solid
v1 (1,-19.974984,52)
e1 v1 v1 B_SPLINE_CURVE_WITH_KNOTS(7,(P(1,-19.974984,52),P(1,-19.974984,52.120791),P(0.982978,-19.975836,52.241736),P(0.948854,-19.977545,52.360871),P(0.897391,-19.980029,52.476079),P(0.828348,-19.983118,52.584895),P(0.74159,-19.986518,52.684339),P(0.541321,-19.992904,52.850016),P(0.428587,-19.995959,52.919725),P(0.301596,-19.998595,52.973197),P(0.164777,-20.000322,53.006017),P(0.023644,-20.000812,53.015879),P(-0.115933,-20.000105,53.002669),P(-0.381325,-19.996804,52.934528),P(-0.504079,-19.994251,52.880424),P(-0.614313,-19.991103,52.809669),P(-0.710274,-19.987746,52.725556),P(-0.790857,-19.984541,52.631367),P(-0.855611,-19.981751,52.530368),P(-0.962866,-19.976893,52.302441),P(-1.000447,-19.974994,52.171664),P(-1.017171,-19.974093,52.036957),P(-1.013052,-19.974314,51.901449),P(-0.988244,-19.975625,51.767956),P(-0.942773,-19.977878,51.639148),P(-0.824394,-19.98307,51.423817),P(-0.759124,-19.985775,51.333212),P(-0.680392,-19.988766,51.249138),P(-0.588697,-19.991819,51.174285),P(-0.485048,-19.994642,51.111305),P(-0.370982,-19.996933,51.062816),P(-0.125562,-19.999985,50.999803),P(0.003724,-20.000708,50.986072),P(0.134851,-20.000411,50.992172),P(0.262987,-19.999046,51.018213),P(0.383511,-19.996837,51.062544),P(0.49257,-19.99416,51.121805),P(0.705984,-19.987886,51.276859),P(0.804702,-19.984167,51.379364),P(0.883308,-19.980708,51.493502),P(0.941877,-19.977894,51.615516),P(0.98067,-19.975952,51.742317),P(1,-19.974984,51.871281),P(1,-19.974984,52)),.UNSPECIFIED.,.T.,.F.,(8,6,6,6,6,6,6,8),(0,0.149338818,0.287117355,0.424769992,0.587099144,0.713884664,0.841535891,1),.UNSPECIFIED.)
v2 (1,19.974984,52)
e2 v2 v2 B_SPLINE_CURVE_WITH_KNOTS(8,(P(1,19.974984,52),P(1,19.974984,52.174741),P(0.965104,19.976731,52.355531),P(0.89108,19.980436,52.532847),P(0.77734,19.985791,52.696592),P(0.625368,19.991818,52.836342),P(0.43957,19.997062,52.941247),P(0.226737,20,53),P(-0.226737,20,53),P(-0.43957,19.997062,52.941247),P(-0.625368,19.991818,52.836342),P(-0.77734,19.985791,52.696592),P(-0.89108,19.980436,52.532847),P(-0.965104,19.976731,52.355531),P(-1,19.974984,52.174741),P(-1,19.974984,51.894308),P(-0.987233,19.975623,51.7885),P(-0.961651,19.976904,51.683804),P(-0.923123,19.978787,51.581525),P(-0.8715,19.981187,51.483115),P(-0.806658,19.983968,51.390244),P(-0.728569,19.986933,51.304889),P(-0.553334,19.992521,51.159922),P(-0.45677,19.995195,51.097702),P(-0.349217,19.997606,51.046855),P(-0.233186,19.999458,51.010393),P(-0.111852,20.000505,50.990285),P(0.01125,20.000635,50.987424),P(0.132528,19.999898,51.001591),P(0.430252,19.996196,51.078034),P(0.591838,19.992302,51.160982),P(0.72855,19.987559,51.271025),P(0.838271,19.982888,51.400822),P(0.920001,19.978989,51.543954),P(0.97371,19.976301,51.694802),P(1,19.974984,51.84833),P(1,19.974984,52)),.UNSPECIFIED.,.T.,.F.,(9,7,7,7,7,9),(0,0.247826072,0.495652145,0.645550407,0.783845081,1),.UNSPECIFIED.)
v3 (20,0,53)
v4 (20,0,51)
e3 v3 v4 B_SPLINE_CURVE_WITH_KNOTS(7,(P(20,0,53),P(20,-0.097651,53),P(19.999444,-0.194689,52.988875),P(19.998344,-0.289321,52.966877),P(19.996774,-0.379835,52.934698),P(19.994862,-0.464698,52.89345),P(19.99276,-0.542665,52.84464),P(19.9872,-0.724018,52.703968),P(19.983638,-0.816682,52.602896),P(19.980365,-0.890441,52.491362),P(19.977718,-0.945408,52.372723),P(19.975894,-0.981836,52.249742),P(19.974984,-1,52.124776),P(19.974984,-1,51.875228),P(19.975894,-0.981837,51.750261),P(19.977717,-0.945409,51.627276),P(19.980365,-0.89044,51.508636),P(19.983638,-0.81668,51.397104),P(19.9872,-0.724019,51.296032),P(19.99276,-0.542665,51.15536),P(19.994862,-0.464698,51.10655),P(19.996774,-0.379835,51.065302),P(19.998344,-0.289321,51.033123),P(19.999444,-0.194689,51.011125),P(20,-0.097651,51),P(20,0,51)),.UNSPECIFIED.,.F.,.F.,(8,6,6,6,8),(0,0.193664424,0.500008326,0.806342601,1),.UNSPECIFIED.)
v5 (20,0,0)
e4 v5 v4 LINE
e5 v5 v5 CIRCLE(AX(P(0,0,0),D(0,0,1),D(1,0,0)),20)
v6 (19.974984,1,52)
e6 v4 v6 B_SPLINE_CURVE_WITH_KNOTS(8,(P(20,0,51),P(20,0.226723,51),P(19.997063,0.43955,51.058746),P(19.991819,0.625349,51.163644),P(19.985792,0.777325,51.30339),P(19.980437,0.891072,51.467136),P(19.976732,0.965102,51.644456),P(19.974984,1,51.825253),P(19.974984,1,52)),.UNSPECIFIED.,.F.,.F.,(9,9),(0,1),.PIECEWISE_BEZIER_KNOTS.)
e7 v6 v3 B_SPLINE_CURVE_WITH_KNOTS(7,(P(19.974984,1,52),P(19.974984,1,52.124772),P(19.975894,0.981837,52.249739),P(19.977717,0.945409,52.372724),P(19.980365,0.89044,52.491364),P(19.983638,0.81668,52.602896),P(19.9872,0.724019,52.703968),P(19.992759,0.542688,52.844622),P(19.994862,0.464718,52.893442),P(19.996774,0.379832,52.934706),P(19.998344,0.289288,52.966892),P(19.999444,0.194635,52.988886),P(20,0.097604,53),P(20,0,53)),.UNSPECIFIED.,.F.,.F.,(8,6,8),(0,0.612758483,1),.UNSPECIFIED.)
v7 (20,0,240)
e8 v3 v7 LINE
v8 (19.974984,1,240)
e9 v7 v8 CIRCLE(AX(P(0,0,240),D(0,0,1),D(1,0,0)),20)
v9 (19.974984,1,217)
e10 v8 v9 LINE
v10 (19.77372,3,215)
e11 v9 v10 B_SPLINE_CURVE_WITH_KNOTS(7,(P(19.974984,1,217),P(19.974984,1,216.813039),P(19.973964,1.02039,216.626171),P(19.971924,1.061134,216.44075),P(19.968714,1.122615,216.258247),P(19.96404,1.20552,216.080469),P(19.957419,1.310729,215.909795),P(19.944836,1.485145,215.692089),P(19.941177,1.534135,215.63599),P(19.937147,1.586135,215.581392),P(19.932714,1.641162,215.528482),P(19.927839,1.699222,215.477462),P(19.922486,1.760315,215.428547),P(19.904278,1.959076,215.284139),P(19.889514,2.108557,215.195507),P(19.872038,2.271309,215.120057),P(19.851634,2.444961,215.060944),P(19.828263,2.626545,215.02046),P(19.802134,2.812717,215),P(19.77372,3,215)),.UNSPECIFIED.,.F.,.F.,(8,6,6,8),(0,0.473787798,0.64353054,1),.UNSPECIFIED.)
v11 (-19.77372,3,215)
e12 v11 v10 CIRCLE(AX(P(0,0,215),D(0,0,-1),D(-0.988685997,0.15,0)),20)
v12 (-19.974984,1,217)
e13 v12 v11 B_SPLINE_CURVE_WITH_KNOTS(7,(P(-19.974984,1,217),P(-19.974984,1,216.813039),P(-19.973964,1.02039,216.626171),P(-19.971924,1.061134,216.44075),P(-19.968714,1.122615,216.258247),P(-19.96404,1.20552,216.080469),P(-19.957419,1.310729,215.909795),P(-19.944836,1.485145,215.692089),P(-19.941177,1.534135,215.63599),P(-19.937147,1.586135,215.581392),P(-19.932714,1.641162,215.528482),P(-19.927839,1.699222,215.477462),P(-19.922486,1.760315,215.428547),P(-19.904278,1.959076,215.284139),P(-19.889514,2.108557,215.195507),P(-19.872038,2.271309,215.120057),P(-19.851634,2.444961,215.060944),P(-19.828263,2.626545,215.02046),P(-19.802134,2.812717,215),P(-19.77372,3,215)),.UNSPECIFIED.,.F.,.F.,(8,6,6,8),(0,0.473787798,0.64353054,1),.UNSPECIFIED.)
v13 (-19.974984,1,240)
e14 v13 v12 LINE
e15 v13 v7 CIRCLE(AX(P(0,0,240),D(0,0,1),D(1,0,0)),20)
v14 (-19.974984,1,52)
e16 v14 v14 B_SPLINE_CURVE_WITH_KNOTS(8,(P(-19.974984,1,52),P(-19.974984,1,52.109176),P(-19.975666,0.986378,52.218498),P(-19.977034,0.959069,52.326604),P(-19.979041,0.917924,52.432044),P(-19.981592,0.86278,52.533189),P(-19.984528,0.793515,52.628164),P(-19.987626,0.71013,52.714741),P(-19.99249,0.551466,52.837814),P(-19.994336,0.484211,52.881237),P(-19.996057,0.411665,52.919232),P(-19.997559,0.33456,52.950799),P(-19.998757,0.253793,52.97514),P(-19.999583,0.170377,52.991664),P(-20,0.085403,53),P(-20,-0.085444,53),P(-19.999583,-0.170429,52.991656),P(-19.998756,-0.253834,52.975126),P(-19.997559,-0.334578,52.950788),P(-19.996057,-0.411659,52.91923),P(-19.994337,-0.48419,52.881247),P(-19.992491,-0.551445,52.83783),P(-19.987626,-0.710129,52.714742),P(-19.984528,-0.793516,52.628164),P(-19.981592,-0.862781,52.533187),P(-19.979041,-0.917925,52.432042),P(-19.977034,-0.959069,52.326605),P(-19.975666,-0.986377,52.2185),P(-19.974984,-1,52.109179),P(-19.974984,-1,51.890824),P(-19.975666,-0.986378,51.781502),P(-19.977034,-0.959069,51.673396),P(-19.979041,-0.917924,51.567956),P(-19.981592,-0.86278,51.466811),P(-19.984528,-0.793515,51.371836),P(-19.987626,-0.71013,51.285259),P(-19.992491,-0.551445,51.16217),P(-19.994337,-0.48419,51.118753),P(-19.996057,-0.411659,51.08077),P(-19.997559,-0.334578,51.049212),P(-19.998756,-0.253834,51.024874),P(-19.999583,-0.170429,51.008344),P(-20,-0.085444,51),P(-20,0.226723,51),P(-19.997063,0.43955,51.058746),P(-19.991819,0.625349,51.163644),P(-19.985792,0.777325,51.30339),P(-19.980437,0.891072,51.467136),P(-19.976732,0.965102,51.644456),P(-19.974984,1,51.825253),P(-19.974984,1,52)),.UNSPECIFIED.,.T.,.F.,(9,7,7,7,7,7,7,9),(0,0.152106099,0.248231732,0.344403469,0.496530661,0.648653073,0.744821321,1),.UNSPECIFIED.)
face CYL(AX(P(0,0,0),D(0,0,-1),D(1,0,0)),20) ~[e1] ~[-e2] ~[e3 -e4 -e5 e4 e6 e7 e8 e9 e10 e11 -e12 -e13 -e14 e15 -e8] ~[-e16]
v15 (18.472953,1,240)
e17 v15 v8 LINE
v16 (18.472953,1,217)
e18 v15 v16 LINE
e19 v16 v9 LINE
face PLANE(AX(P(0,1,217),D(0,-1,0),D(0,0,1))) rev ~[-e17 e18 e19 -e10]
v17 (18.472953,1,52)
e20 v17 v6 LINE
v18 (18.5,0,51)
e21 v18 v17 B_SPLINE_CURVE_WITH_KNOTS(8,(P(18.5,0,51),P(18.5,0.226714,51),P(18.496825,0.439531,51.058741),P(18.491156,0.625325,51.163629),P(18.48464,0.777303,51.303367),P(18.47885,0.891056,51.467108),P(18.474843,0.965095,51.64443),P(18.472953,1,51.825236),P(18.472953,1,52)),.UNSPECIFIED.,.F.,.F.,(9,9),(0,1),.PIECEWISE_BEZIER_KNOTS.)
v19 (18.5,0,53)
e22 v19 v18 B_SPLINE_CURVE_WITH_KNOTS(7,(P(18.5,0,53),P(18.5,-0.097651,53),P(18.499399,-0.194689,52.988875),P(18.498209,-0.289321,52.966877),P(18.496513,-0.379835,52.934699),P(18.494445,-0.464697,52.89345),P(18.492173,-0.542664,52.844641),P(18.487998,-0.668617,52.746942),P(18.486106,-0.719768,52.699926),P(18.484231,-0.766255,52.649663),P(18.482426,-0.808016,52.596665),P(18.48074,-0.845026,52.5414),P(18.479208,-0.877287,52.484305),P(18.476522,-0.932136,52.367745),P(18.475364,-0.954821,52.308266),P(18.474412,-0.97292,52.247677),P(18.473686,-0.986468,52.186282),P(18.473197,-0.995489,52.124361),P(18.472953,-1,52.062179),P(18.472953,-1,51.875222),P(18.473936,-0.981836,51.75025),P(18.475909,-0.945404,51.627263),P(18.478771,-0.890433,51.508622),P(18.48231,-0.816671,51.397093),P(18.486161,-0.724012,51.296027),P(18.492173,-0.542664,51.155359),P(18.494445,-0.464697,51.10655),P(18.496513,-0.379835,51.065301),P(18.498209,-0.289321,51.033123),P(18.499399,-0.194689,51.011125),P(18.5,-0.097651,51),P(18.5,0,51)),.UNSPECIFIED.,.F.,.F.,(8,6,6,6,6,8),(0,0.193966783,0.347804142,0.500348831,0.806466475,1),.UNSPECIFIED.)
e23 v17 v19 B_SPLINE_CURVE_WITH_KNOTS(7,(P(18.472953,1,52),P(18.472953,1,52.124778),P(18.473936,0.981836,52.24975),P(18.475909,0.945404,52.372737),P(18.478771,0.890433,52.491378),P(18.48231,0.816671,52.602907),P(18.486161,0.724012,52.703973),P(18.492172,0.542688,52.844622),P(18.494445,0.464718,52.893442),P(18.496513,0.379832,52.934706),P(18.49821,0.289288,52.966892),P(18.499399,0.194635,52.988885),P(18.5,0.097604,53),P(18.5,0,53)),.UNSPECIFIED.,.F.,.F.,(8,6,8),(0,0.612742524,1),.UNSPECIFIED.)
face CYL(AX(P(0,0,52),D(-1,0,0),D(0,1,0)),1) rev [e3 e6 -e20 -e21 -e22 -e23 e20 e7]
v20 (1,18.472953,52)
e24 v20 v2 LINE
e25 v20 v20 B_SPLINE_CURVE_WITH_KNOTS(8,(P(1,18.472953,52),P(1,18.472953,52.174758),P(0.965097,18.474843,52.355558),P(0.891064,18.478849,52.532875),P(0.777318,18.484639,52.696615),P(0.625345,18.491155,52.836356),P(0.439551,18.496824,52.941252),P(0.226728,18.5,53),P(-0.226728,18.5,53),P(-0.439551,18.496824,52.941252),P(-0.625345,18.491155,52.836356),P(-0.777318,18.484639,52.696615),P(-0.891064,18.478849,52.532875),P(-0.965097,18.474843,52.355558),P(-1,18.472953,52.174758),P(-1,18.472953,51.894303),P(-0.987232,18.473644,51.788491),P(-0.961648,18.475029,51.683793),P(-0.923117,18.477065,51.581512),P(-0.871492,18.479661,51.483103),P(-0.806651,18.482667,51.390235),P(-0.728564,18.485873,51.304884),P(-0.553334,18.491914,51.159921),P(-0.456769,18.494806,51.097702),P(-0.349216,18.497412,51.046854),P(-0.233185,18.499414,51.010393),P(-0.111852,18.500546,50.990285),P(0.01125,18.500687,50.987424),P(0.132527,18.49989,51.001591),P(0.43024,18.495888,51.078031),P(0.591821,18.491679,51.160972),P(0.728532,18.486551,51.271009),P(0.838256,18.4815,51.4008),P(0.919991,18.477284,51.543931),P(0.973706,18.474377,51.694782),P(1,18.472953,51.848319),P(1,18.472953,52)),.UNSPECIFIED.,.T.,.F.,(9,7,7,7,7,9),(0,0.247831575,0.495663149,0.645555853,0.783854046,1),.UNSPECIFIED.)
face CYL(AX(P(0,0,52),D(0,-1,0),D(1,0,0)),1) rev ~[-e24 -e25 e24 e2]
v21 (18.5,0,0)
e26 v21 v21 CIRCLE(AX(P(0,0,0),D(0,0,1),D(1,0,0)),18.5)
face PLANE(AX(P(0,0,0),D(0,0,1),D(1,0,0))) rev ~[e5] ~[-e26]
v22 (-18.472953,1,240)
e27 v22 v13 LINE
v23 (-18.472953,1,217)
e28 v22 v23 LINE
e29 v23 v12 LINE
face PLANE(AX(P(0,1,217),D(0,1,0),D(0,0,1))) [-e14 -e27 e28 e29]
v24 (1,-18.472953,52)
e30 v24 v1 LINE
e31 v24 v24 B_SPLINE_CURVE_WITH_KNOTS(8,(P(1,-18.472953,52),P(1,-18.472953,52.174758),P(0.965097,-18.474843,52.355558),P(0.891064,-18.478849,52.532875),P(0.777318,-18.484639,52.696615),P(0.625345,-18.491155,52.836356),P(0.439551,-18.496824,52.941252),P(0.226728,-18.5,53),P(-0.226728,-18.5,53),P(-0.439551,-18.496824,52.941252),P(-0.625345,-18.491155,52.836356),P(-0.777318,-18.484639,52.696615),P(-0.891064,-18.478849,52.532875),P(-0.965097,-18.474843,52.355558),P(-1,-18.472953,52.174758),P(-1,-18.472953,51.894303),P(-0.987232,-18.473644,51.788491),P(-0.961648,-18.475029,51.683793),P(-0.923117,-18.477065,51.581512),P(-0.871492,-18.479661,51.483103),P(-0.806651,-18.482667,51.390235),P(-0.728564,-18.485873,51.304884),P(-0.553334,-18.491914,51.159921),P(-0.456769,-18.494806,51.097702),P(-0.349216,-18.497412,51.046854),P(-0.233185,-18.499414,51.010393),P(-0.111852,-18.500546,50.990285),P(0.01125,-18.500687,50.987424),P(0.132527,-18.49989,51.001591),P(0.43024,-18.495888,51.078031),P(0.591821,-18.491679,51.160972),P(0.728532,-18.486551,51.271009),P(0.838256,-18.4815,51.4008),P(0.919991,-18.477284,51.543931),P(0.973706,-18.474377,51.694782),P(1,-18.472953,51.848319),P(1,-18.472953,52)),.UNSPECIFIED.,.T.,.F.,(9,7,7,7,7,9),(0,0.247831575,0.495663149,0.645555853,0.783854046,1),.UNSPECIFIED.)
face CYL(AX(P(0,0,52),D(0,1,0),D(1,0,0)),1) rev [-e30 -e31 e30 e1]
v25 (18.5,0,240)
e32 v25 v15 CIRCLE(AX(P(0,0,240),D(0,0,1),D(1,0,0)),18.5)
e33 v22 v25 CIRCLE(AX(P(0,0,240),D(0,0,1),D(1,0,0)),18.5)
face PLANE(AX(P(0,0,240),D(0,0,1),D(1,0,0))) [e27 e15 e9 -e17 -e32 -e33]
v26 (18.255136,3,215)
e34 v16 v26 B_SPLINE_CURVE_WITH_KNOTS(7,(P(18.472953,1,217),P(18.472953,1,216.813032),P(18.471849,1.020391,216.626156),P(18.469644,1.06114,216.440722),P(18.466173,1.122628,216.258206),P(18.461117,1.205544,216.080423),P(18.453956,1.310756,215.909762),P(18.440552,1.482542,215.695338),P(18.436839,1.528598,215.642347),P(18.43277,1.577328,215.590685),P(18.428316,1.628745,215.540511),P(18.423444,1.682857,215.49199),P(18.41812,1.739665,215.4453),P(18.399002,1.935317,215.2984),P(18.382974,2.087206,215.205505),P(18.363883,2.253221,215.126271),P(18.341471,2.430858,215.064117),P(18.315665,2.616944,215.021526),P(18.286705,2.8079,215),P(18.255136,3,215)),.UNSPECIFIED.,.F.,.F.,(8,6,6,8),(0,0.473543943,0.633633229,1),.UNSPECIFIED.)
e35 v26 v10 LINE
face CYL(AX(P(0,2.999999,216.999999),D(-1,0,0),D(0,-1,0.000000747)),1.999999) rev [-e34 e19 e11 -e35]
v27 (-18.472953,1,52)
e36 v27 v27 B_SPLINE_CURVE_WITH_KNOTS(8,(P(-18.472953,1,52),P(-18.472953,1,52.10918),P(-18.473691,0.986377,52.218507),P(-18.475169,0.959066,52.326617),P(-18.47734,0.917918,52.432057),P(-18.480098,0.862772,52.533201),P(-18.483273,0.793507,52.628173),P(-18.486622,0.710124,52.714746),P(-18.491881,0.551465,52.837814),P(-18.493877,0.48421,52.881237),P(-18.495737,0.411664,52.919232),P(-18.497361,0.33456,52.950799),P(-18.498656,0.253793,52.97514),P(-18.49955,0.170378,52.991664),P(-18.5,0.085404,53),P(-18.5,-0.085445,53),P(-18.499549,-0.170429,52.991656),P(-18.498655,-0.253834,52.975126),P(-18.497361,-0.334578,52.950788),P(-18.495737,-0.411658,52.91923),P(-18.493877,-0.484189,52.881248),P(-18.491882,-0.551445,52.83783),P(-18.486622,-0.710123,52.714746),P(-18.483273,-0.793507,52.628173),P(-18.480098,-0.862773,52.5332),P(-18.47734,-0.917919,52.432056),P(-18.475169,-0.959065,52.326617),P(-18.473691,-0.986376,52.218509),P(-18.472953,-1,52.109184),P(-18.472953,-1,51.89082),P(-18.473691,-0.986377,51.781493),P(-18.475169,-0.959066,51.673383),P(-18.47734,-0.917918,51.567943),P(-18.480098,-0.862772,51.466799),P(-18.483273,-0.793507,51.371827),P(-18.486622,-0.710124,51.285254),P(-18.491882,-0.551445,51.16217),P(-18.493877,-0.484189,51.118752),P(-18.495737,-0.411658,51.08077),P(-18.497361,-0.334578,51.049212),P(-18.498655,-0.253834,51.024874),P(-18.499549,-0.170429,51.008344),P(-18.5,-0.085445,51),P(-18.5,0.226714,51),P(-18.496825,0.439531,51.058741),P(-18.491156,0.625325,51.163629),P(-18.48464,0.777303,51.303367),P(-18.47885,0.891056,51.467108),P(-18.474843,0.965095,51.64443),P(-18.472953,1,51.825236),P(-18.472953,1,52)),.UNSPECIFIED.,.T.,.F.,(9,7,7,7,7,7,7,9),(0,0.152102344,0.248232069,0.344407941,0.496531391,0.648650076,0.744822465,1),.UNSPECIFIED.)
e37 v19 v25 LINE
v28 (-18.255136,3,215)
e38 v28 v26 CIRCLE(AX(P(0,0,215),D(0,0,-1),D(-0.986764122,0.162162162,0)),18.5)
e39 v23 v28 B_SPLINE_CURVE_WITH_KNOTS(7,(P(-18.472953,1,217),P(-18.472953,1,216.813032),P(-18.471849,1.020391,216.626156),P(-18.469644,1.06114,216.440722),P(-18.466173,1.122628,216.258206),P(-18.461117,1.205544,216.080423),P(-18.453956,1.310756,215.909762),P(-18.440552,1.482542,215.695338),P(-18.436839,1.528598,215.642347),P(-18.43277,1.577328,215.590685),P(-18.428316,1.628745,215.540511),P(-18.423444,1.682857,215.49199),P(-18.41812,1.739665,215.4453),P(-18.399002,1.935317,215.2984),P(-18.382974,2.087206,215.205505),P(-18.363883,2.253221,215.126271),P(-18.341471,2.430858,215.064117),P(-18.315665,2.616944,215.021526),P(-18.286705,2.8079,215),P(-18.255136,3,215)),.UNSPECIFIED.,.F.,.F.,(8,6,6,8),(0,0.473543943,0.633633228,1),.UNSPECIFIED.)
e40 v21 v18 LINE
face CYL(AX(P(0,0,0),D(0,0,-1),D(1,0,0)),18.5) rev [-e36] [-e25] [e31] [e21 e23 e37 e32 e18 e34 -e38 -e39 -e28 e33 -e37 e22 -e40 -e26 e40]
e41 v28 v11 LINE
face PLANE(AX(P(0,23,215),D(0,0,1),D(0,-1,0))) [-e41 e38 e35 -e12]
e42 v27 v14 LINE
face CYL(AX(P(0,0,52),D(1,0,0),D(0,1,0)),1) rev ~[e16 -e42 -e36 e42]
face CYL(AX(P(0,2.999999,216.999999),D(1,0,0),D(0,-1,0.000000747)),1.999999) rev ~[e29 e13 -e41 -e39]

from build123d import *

# Parameters (mm, degrees)
SKETCH_R             = 20
SKETCH_R_2           = 18.5
PAD_DEPTH            = 240
SKETCH001_R          = 1
POCKET_DEPTH         = 20.001
POCKET_DEPTH_BACK    = -20.001
SKETCH002_R          = 1
POCKET001_DEPTH      = 20.001
POCKET001_DEPTH_BACK = -20.001


with BuildPart() as part:
    # Sketch → Pad (new body)
    with BuildSketch(Plane.XY):
        Circle(SKETCH_R)
        Circle(SKETCH_R_2, mode=Mode.SUBTRACT)
    extrude(amount=PAD_DEPTH)

    # Sketch001 → Pocket (cut, two sides)
    with BuildSketch(Plane.YZ) as pocket_sk:
        with Locations((0, 52)):
            Circle(SKETCH001_R)
        with BuildLine():
            Line((1, 240), (23, 240))
            Line((23, 240), (23, 215))
            Line((23, 215), (3, 215))
            ThreePointArc((1, 217), (1.585786, 215.585786), (3, 215))
            Line((1, 217), (1, 240))
        make_face()
    extrude(amount=-POCKET_DEPTH, mode=Mode.SUBTRACT)
    extrude(pocket_sk.sketch, amount=-POCKET_DEPTH_BACK, mode=Mode.SUBTRACT)

    # Sketch002 → Pocket001 (cut, two sides)
    with BuildSketch(Plane.XZ) as pocket001_sk:
        with Locations((0, 52)):
            Circle(SKETCH002_R)
    extrude(amount=-POCKET001_DEPTH, mode=Mode.SUBTRACT)
    extrude(pocket001_sk.sketch, amount=-POCKET001_DEPTH_BACK, mode=Mode.SUBTRACT)


solid = part.part
